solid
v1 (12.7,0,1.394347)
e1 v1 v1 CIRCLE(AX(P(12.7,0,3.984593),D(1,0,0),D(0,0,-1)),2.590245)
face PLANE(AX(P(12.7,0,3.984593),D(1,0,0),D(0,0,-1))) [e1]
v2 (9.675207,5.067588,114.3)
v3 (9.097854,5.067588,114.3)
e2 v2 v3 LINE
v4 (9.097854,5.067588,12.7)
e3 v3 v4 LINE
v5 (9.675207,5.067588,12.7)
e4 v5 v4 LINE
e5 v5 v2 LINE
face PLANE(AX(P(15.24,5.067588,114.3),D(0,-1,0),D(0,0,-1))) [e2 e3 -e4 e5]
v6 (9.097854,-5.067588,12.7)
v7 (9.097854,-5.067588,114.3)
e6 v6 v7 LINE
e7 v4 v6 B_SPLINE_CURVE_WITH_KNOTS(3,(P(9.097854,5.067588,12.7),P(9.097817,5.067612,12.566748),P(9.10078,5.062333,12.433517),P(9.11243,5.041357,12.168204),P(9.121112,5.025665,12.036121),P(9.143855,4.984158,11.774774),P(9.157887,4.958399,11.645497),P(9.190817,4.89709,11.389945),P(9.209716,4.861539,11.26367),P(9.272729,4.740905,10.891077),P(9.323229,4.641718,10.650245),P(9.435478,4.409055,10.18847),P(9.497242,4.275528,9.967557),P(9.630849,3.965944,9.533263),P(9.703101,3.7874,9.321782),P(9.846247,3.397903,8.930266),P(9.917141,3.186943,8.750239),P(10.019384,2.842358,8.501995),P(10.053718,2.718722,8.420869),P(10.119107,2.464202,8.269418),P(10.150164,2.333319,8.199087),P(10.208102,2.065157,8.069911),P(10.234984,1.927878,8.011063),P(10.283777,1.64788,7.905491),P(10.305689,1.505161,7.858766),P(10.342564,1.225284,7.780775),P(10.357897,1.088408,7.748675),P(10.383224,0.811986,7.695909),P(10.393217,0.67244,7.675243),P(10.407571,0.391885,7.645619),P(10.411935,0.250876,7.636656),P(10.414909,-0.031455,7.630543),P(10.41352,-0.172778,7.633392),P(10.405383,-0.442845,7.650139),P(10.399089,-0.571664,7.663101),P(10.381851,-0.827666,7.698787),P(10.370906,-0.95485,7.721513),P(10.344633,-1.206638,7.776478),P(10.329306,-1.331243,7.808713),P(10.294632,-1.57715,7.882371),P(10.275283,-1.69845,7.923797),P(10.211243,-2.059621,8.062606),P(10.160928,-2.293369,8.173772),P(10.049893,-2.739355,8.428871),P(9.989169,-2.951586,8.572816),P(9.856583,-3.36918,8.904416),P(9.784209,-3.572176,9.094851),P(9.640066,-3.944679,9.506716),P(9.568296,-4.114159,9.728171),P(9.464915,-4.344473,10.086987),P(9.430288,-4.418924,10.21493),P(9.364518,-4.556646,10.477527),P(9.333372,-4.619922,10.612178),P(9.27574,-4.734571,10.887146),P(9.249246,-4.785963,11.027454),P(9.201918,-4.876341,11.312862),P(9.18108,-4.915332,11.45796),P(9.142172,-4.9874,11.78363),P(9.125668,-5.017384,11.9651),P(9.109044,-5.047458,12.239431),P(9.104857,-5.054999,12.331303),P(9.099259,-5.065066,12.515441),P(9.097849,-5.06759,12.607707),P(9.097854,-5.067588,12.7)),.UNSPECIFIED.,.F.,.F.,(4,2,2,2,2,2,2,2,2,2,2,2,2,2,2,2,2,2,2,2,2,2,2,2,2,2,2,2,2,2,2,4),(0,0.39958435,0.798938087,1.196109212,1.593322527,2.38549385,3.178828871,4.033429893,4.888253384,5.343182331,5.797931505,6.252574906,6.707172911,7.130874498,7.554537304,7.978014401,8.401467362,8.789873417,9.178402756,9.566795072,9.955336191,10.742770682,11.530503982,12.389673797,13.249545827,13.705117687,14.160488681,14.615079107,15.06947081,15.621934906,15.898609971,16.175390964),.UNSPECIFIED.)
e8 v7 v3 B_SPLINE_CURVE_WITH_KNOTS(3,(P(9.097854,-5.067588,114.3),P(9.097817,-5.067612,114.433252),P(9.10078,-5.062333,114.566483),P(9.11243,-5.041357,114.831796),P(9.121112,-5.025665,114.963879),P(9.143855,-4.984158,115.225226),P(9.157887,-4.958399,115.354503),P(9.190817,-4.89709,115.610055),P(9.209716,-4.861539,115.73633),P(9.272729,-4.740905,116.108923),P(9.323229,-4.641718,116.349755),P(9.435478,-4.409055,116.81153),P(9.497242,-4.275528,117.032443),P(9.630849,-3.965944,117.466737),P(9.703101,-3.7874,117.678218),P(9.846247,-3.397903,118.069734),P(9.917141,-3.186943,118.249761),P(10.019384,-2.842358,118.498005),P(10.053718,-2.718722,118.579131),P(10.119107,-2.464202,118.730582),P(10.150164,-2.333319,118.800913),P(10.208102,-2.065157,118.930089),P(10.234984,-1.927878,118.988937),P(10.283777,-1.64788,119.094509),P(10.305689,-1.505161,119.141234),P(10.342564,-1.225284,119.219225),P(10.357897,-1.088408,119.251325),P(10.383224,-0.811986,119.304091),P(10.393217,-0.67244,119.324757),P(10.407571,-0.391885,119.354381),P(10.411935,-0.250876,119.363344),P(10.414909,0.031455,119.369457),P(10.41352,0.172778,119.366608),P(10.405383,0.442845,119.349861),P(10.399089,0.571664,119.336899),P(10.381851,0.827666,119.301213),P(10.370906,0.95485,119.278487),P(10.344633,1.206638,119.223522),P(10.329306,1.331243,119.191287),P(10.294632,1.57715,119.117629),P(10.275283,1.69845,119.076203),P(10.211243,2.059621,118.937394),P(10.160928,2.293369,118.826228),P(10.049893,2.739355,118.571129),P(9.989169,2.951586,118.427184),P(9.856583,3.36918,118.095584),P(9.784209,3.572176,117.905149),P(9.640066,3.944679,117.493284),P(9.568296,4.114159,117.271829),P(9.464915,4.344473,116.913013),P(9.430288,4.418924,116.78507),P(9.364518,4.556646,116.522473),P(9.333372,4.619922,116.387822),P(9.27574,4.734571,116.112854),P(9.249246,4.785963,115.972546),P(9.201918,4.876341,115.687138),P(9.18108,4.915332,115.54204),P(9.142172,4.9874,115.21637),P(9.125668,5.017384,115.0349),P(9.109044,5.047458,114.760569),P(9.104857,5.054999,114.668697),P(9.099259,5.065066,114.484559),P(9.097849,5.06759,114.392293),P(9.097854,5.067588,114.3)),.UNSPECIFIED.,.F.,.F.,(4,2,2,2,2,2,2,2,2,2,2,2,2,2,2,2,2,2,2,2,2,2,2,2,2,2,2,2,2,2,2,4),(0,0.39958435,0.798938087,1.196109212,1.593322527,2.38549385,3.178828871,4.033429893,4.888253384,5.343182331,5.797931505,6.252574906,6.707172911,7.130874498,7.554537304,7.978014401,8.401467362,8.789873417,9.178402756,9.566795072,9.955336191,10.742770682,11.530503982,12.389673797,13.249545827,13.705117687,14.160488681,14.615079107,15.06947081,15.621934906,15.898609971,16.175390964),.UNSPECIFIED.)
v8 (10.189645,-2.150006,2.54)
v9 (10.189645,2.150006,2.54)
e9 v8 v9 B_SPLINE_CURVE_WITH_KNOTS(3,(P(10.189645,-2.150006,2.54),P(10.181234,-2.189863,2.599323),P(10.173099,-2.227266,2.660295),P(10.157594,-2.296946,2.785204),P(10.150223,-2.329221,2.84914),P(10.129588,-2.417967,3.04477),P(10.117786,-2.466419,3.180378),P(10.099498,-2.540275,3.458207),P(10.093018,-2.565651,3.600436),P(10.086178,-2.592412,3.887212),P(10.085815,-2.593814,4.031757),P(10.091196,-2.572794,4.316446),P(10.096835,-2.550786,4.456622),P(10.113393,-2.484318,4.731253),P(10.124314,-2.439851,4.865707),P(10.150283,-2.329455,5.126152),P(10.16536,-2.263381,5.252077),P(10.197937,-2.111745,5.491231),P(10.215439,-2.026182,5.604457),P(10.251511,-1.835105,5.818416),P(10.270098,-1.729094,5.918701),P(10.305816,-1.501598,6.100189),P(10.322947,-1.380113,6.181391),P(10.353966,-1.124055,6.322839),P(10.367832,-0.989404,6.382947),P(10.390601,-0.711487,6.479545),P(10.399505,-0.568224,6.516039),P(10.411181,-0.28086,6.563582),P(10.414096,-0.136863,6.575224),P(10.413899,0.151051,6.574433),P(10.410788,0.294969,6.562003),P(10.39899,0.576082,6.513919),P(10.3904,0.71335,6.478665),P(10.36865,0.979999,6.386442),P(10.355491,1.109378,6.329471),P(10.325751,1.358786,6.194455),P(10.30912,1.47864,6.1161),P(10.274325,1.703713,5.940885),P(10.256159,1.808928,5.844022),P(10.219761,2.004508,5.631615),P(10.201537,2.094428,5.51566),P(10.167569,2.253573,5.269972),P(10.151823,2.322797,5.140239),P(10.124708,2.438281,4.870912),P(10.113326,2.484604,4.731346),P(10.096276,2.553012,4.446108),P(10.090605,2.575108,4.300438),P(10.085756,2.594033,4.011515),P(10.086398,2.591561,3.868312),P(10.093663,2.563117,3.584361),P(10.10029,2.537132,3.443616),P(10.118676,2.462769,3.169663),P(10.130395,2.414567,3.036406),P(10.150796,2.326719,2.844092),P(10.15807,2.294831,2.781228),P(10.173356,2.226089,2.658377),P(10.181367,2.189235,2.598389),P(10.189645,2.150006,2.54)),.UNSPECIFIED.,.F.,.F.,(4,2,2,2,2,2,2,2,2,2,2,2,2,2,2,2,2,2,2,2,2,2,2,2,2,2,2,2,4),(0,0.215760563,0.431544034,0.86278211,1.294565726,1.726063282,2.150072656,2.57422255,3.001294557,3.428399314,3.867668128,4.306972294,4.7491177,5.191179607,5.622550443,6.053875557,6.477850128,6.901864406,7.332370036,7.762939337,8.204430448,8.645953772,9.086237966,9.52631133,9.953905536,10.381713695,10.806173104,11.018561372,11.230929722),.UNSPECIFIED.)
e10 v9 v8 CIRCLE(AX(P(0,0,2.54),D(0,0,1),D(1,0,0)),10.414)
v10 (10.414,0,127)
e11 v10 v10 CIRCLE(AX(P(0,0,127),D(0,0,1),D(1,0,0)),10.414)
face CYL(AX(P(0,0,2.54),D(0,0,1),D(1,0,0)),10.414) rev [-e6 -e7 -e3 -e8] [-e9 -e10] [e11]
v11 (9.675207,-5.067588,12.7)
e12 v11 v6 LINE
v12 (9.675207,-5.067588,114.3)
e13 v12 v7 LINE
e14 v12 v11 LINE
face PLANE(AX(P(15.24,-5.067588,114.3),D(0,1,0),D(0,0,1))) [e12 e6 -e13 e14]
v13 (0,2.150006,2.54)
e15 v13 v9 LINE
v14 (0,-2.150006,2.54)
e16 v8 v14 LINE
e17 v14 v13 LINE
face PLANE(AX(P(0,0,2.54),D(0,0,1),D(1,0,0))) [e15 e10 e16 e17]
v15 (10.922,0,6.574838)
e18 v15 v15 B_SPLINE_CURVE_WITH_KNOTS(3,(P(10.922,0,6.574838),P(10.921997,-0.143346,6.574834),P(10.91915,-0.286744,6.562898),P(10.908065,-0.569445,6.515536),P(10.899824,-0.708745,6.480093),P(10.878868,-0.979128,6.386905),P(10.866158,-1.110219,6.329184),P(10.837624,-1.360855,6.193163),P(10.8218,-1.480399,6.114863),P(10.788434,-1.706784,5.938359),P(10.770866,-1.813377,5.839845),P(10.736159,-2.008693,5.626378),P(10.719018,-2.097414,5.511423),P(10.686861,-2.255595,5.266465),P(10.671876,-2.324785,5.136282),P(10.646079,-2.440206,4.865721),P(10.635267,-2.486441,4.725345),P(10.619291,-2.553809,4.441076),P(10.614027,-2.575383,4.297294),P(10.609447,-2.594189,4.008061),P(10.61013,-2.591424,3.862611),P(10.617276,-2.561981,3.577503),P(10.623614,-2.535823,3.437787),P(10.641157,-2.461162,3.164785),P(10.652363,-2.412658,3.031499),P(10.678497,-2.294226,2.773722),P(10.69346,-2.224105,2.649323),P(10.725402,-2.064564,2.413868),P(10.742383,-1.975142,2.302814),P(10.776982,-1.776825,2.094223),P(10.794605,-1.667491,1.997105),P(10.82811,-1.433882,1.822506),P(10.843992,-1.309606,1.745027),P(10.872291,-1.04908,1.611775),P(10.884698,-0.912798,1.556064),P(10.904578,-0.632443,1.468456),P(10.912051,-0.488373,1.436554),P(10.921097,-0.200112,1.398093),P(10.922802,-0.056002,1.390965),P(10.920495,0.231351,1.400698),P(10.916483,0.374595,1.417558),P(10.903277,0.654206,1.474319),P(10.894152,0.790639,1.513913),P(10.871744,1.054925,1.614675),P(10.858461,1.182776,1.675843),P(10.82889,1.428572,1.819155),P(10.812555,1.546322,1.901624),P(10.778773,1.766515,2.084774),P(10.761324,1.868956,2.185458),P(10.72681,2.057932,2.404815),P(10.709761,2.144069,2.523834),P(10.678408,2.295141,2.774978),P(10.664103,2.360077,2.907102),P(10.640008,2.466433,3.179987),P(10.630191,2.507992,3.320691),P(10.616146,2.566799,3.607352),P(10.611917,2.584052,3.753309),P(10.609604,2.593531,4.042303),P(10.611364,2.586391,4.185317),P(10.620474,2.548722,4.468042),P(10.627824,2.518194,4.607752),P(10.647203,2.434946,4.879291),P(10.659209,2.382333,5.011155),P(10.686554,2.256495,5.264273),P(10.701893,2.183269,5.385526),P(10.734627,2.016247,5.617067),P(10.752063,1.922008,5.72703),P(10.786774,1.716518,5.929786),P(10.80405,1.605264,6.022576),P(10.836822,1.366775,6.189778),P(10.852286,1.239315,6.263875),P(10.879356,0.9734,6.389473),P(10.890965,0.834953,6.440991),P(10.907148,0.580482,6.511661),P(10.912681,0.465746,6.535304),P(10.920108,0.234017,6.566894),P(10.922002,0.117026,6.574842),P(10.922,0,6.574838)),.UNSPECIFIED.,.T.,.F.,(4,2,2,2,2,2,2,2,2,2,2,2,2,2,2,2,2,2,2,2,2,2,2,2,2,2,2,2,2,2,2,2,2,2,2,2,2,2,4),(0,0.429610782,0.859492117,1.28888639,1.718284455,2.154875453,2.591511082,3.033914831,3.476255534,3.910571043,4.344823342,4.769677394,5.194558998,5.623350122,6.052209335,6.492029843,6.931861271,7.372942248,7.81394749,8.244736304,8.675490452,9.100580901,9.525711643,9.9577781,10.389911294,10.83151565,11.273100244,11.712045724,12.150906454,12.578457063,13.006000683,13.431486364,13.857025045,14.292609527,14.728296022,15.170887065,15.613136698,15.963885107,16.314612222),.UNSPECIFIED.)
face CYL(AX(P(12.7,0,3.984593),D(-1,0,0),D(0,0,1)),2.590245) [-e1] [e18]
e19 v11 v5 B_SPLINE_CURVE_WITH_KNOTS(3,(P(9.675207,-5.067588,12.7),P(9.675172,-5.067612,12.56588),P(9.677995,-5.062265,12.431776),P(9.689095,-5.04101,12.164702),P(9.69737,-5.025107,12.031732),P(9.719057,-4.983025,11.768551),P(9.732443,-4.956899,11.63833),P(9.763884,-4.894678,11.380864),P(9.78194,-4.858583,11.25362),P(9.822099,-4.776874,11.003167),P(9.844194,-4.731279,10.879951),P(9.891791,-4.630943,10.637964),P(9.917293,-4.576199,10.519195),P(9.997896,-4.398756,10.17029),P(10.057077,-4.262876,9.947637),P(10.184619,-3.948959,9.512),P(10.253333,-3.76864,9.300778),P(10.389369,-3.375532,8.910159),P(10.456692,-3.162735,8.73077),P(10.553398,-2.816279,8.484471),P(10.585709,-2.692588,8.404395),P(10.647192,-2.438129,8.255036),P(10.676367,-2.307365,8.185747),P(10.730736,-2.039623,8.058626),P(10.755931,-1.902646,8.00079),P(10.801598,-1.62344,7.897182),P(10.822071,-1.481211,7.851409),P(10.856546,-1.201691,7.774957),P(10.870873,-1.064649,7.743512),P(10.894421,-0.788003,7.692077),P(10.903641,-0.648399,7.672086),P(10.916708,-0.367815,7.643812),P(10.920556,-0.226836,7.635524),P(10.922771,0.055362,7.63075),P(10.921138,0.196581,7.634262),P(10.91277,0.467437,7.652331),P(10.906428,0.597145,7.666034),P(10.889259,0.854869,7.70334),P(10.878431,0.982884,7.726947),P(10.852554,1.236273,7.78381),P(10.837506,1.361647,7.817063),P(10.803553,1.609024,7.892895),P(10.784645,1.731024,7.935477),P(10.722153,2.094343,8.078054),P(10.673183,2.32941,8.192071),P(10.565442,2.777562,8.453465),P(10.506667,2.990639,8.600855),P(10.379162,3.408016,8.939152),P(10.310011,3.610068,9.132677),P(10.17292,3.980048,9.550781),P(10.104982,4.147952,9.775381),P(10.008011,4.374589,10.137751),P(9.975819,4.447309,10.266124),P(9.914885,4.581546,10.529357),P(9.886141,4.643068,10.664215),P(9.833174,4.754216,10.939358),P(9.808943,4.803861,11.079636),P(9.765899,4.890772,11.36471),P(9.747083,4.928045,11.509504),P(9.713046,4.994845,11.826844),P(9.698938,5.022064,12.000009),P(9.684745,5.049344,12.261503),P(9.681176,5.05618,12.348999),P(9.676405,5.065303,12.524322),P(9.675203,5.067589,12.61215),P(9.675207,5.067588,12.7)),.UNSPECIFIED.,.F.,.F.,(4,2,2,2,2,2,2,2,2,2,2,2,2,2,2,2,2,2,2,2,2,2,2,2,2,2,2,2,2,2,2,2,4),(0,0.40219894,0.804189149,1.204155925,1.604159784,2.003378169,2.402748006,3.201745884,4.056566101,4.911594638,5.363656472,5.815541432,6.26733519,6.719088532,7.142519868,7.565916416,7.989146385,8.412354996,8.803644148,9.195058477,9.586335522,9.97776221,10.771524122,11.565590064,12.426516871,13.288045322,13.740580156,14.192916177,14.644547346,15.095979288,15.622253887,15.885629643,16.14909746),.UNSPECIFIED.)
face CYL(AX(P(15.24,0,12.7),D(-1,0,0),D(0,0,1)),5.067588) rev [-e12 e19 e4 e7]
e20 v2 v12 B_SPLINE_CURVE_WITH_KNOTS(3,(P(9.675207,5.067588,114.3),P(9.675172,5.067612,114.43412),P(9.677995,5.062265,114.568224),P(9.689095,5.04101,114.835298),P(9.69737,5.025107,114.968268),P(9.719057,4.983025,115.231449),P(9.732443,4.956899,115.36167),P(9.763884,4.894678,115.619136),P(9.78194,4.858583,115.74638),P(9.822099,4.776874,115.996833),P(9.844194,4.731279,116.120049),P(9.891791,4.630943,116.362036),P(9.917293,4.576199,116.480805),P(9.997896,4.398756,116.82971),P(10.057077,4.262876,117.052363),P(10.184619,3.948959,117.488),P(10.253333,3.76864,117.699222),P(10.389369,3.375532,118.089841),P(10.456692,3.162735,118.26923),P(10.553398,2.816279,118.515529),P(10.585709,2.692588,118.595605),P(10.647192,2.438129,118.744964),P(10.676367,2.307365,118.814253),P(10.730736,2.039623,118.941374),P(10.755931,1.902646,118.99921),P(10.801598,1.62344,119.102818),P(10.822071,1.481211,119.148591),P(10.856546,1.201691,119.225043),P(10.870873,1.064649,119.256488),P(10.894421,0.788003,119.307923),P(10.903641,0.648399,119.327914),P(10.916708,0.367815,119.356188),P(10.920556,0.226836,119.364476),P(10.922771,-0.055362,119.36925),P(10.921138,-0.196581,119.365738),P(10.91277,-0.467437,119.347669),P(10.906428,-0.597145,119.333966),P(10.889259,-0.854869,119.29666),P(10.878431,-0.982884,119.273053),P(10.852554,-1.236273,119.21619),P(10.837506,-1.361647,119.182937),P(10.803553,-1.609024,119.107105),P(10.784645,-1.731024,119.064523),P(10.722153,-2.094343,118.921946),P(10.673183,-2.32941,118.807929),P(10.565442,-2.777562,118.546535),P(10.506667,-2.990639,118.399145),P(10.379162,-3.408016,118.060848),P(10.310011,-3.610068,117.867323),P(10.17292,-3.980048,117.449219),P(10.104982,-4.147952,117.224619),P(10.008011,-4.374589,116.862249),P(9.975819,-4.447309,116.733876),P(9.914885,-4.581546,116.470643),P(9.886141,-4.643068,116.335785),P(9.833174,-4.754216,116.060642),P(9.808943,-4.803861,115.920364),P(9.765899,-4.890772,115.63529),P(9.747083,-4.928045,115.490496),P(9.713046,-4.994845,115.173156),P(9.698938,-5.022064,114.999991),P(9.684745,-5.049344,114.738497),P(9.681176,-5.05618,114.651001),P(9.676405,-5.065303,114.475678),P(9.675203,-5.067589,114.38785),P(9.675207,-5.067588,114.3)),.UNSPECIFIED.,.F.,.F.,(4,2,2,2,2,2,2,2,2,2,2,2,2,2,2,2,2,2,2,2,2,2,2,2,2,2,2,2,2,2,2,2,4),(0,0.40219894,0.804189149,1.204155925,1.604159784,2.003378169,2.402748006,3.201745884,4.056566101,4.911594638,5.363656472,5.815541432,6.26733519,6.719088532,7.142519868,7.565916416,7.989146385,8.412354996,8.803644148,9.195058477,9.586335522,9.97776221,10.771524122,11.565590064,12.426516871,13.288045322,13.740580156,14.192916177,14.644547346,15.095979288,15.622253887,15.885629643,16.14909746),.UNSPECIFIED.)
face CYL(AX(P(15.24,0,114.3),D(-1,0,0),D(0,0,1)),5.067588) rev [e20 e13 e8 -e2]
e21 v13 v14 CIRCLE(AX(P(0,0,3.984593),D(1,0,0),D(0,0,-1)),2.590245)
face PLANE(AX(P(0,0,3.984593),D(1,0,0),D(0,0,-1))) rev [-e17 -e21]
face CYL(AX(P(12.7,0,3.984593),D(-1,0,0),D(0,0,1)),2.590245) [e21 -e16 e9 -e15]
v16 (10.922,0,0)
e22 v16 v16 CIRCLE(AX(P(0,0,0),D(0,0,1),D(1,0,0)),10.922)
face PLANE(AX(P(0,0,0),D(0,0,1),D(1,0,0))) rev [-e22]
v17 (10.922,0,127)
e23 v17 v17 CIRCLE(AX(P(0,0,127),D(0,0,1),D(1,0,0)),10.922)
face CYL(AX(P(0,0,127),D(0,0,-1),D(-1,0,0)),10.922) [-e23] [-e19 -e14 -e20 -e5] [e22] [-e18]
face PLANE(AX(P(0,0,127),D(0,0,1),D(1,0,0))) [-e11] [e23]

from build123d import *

# Parameters (mm, degrees)
SKETCH1_R           = 10.922
BOSS_EXTRUDE1_DEPTH = 127
SKETCH2_R           = 10.414
CUT_EXTRUDE1_DEPTH  = 124.46
CUT_EXTRUDE2_DEPTH  = 15.24
SKETCH5_R           = 2.590245468
BOSS_EXTRUDE2_DEPTH = 12.7


with BuildPart() as part:
    # Sketch1 → Boss-Extrude1 (new body)
    with BuildSketch(Plane.XY):
        Circle(SKETCH1_R)
    extrude(amount=BOSS_EXTRUDE1_DEPTH)

    # Sketch2 → Cut-Extrude1 (cut)
    with BuildSketch(Plane.XY.offset(127)):
        Circle(SKETCH2_R)
    extrude(amount=-CUT_EXTRUDE1_DEPTH, mode=Mode.SUBTRACT)

    # Sketch4 → Cut-Extrude2 (cut)
    with BuildSketch(Plane(origin=(0, 0, 0), x_dir=(0, 0, -1), z_dir=(1, 0, 0))):
        with BuildLine():
            Line((-114.3, 5.067588244), (-12.7, 5.067588244))
            ThreePointArc((-12.7, 5.067588244), (-7.632411756, 0), (-12.7, -5.067588244))
            Line((-12.7, -5.067588244), (-114.3, -5.067588244))
            ThreePointArc((-114.3, -5.067588244), (-119.367588244, 0), (-114.3, 5.067588244))
        make_face()
    extrude(amount=CUT_EXTRUDE2_DEPTH, mode=Mode.SUBTRACT)

    # Sketch5 → Boss-Extrude2 (add)
    with BuildSketch(Plane(origin=(0, 0, 0), x_dir=(0, 0, -1), z_dir=(1, 0, 0))):
        with Locations((-3.984592514, 0)):
            Circle(SKETCH5_R)
    extrude(amount=BOSS_EXTRUDE2_DEPTH)


solid = part.part
